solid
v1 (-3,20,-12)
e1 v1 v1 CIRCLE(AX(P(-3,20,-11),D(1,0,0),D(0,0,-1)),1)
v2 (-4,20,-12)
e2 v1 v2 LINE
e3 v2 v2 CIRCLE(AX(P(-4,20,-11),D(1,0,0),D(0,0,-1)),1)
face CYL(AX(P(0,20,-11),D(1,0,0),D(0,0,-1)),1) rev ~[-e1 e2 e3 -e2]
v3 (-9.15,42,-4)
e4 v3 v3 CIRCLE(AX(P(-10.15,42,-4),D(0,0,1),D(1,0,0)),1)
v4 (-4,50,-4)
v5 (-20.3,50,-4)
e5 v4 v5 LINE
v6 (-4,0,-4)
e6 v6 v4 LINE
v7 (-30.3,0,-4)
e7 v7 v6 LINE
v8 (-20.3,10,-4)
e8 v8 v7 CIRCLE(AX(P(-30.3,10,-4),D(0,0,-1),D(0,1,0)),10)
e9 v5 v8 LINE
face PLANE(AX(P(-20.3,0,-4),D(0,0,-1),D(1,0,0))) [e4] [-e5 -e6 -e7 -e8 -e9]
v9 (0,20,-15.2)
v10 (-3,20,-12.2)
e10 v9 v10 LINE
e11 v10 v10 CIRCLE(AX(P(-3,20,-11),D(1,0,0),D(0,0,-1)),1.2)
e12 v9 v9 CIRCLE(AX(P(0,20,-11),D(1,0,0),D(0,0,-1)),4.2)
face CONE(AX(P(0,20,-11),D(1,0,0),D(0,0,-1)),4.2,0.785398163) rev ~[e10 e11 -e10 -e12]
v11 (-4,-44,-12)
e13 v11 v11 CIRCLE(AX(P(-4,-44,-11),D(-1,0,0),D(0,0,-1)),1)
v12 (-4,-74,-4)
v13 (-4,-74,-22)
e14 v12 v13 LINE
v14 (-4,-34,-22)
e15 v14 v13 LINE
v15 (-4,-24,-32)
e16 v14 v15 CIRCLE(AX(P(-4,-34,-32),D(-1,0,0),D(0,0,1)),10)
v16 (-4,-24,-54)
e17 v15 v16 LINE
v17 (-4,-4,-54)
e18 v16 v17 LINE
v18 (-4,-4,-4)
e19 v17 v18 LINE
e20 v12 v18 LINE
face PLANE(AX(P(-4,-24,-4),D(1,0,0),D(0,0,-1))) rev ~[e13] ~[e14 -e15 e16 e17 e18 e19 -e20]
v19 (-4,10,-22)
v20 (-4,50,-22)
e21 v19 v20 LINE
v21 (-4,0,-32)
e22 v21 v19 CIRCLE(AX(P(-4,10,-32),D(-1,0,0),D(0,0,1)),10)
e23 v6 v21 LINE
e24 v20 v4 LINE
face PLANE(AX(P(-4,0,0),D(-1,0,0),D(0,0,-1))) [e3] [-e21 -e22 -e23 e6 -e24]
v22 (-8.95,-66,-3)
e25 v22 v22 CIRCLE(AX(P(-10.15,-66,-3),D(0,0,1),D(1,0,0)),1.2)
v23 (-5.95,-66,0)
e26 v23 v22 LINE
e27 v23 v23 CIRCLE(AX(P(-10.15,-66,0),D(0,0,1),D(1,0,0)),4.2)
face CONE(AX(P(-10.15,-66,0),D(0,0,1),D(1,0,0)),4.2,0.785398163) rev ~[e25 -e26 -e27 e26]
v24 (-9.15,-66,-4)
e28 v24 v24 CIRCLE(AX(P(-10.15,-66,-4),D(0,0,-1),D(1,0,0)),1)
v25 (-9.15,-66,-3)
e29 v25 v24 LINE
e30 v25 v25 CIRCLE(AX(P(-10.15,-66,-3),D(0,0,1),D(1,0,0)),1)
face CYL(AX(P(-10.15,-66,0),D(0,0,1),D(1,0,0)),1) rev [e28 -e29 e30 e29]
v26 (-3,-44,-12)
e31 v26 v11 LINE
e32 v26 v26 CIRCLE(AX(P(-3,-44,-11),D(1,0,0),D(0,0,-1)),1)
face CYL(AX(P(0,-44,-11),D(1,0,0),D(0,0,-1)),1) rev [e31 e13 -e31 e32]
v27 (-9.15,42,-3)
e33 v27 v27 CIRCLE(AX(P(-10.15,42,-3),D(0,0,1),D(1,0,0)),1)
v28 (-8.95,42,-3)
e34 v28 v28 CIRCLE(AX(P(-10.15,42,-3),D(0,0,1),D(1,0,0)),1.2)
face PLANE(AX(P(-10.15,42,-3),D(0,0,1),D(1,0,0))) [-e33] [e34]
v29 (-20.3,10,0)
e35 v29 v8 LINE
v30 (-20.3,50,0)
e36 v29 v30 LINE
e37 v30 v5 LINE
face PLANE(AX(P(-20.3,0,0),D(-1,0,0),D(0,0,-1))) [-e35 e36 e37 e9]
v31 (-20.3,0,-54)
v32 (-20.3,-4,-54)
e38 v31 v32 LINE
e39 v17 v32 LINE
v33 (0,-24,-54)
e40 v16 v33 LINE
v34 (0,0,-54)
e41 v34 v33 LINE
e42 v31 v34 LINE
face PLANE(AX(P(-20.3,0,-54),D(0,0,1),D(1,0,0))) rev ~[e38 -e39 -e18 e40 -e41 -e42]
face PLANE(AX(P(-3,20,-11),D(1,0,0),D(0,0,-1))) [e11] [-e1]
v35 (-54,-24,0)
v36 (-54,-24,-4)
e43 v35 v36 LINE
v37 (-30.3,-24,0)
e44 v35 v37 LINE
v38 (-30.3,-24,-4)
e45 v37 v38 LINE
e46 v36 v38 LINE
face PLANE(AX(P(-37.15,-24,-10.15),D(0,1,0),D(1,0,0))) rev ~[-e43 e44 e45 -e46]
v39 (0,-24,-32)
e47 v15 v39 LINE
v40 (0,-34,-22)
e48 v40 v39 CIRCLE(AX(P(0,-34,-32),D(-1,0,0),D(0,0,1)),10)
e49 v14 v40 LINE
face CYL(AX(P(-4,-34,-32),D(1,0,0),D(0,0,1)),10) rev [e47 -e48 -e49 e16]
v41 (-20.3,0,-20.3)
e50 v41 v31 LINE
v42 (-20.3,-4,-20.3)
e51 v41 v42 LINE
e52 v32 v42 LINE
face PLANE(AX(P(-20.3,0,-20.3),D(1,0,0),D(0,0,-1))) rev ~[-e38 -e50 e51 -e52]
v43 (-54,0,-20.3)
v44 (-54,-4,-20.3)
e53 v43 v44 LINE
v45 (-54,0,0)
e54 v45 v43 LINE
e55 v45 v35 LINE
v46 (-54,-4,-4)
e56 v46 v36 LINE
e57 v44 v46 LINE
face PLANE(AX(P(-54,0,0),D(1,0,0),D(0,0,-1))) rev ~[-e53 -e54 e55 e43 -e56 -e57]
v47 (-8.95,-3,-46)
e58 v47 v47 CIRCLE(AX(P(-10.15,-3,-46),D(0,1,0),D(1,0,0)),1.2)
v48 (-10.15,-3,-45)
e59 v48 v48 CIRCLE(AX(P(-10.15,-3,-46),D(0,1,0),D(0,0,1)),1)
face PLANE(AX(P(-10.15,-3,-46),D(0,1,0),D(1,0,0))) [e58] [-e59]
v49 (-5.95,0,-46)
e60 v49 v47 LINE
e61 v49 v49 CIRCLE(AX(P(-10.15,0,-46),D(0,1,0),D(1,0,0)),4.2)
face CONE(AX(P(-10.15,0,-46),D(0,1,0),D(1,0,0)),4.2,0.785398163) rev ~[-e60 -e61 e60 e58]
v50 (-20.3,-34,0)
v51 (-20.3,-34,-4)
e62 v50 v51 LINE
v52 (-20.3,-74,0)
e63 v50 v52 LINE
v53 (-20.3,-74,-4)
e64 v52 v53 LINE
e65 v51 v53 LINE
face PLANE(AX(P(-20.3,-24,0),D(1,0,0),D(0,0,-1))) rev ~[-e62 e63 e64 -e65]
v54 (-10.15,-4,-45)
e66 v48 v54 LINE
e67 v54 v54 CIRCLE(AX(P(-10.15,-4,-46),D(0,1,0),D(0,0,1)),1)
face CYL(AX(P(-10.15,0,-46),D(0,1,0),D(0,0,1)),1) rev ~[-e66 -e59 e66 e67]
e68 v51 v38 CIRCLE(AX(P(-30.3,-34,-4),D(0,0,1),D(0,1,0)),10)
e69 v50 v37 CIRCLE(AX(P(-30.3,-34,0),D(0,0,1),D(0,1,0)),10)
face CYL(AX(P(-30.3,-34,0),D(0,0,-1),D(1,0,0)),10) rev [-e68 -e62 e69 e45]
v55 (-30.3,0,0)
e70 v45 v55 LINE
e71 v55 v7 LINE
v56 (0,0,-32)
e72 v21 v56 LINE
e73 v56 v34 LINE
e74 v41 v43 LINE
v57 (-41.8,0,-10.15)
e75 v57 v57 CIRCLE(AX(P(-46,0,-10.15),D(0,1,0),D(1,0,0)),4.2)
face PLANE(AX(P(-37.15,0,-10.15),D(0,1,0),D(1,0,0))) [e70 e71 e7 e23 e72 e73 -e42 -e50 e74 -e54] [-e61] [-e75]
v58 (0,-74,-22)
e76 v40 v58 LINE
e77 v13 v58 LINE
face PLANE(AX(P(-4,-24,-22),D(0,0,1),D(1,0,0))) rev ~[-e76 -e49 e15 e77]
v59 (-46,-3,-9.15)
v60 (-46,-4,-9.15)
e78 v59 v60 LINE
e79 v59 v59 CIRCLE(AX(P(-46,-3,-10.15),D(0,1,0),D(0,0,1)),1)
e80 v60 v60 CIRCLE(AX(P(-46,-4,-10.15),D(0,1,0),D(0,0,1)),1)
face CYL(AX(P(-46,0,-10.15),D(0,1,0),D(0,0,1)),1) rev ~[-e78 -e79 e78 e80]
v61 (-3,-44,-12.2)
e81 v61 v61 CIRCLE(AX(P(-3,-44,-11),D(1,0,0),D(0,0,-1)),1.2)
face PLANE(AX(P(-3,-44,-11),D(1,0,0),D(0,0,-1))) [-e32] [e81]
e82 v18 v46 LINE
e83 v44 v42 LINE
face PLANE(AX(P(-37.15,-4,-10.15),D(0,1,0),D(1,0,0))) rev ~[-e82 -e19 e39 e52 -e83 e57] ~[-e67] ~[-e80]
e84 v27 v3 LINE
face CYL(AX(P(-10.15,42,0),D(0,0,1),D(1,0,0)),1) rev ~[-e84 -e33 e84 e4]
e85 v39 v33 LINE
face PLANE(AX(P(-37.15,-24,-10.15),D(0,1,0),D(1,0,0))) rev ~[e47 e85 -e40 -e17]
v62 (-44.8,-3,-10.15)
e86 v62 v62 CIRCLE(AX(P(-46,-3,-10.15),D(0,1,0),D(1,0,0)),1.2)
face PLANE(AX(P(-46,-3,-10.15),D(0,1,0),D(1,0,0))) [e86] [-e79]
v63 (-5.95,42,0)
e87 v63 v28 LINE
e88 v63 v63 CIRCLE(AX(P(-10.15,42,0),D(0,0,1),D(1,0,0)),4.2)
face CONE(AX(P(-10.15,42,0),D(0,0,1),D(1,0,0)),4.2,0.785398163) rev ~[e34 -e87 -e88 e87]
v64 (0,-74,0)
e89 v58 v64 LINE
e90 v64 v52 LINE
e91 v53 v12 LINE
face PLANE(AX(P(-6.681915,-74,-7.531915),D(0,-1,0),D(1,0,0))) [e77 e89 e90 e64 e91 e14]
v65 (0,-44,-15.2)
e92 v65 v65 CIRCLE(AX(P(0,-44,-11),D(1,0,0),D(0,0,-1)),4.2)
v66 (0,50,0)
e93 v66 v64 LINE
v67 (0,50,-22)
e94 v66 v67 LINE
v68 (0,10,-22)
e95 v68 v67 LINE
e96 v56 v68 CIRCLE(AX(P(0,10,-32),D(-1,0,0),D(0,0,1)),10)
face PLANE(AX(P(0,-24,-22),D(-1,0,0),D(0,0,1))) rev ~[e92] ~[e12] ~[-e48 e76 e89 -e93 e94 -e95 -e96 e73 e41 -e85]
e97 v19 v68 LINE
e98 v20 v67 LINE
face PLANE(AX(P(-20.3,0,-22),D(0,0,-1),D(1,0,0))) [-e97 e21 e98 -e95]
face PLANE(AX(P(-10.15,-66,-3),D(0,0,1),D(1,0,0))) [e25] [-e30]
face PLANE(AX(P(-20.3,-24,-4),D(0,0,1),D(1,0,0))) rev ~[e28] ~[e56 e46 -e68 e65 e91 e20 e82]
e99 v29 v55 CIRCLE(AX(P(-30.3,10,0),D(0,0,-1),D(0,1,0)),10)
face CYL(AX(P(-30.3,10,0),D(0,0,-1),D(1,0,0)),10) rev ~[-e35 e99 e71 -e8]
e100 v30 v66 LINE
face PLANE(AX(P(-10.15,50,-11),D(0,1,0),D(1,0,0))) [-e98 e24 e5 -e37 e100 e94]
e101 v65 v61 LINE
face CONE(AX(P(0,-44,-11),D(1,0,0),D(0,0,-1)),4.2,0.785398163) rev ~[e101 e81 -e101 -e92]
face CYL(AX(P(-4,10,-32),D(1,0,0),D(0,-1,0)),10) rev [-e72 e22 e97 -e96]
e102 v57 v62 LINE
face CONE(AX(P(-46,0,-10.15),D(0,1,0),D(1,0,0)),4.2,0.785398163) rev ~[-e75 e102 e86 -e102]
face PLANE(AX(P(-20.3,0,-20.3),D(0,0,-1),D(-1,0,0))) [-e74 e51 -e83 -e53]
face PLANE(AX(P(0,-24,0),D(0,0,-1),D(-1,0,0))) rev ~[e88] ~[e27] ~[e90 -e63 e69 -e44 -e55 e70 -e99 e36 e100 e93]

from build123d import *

# Parameters (mm, degrees)
SKETCH1_W                    = 33.7
SKETCH1_H                    = 20.3
SKETCH1_W_2                  = 20.3
SKETCH1_H_2                  = 33.7
BOSS_EXTRUDE1_DEPTH          = 24
SHELL1_T                     = -4
SKETCH2_R                    = 1
CUT_EXTRUDE1_DEPTH           = 24
SKETCH3_R                    = 4.2
CUT_EXTRUDE2_DEPTH           = 3
CUT_EXTRUDE2_DRAFT           = -45
CUT_EXTRUDE2_PROFILE_2_DEPTH = 3
CUT_EXTRUDE2_PROFILE_2_DRAFT = -45
SKETCH4_W                    = 20.3
SKETCH4_H                    = 22
BOSS_EXTRUDE2_DEPTH          = 50
SHELL2_T                     = -4
CUT_EXTRUDE3_REACH           = 93.28
SKETCH5_R                    = 1
SKETCH6_R                    = 4.2
CUT_EXTRUDE4_DEPTH           = 3
CUT_EXTRUDE4_DRAFT           = -45
CUT_EXTRUDE5_REACH           = 93.28
SKETCH7_R                    = 1
SKETCH8_R                    = 4.2
CUT_EXTRUDE6_DEPTH           = 3
CUT_EXTRUDE6_DRAFT           = -45
FILLET1_R                    = 10
BOSS_EXTRUDE3_DEPTH          = 50
MIRROR4_COPY_1_SKETCH_R      = 4.2
MIRROR4_COPY_1_DEPTH         = 3
MIRROR4_COPY_1_DRAFT         = -45
MIRROR4_COPY_2_SKETCH_R      = 4.2
MIRROR4_COPY_2_DEPTH         = 3
MIRROR4_COPY_2_DRAFT         = -45
FILLET2_R                    = 10


with BuildPart() as part:
    # Sketch1 → Boss-Extrude1 (new body)
    with BuildSketch(Plane(origin=(0, 0, 0), x_dir=(1, 0, 0), z_dir=(0, 1, 0))):
        with Locations((-37.15, 10.15)):
            Rectangle(SKETCH1_W, SKETCH1_H)
        with Locations((-10.15, 10.15)):
            Rectangle(SKETCH1_W_2, SKETCH1_H)
        with Locations((-10.15, 37.15)):
            Rectangle(SKETCH1_W_2, SKETCH1_H_2)
    extrude(amount=-BOSS_EXTRUDE1_DEPTH)

    # Shell1
    shell1_openings = [part.faces().sort_by_distance(p)[0] for p in [
        (-53.236324676, -24, -10.15),
        (-54, -12, -10.15),
        (-37.15, -12, -20.3),
        (-20.3, -12, -37.15),
        (-10.15, -12, -54),
    ]]
    offset(amount=SHELL1_T, openings=shell1_openings, kind=Kind.INTERSECTION)

    # Sketch2 → Cut-Extrude1 (cut)
    with BuildSketch(Plane(origin=(0, 0, 0), x_dir=(1, 0, 0), z_dir=(0, 1, 0))):
        with Locations(Location((-10.15, 46, 0), (0, 0, 270))):
            Circle(SKETCH2_R)
        with Locations(Location((-46, 10.15, 0), (0, 0, 270))):
            Circle(SKETCH2_R)
    extrude(amount=-CUT_EXTRUDE1_DEPTH, mode=Mode.SUBTRACT)


with BuildPart() as cut_extrude2_tool:
    # Sketch3 → Cut-Extrude2 (with draft: the straight prism first)
    with BuildSketch(Plane(origin=(0, 0, 0), x_dir=(1, 0, 0), z_dir=(0, 1, 0))):
        with Locations((-46, 10.15)):
            Circle(SKETCH3_R)
    extrude(amount=-CUT_EXTRUDE2_DEPTH)
    # Cut-Extrude2: the draft: its side faces are tilted about the plane it starts from
    cut_extrude2_sides = [cut_extrude2_tool.faces().sort_by_distance(p)[0] for p in [
        (-50.2, -1.5, -10.15),
    ]]
    draft(cut_extrude2_sides, Plane(origin=(0, 0, 0), x_dir=(1, 0, 0), z_dir=(0, 1, 0)), CUT_EXTRUDE2_DRAFT)


with BuildPart() as part_1:
    add(part.part)

    # Cut-Extrude2: cut by cut_extrude2_tool
    add(cut_extrude2_tool.part, mode=Mode.SUBTRACT)


with BuildPart() as cut_extrude2_profile_2_tool:
    # Sketch3 → Cut-Extrude2 profile 2 (with draft: the straight prism first)
    with BuildSketch(Plane(origin=(0, 0, 0), x_dir=(1, 0, 0), z_dir=(0, 1, 0))):
        with Locations((-10.15, 46)):
            Circle(SKETCH3_R)
    extrude(amount=-CUT_EXTRUDE2_PROFILE_2_DEPTH)
    # Cut-Extrude2 profile 2: the draft: its side faces are tilted about the plane it starts from
    cut_extrude2_profile_2_sides = [cut_extrude2_profile_2_tool.faces().sort_by_distance(p)[0] for p in [
        (-14.35, -1.5, -46),
    ]]
    draft(cut_extrude2_profile_2_sides, Plane(origin=(0, 0, 0), x_dir=(1, 0, 0), z_dir=(0, 1, 0)), CUT_EXTRUDE2_PROFILE_2_DRAFT)


with BuildPart() as part_2:
    add(part_1.part)

    # Cut-Extrude2 profile 2: cut by cut_extrude2_profile_2_tool
    add(cut_extrude2_profile_2_tool.part, mode=Mode.SUBTRACT)


with BuildPart() as body_2:
    # Sketch4 → Boss-Extrude2 (new body)
    with BuildSketch(Plane(origin=(0, 0, 0), x_dir=(1, 0, 0), z_dir=(0, 1, 0))):
        with Locations((-10.15, 11)):
            Rectangle(SKETCH4_W, SKETCH4_H)
    extrude(amount=BOSS_EXTRUDE2_DEPTH)

    # Shell2
    shell2_openings = [body_2.faces().sort_by_distance(p)[0] for p in [
        (-10.15, 50, -11),
        (-10.15, 0, -11),
        (-20.3, 25, -11),
        (-10.15, 25, -22),
    ]]
    offset(amount=SHELL2_T, openings=shell2_openings, kind=Kind.INTERSECTION)


with BuildPart() as part_3:
    add(part_2.part)

    # Combine1: union body 2
    add(body_2.part)

    # Sketch5 → Cut-Extrude3 (cut, up to next)
    with BuildSketch(Plane.XY, mode=Mode.PRIVATE) as cut_extrude3_sk1:
        with Locations((-10.15, 42)):
            Circle(SKETCH5_R)
    cut_extrude3_tool1 = extrude(cut_extrude3_sk1.sketch, amount=-CUT_EXTRUDE3_REACH, mode=Mode.PRIVATE) & part_3.part
    cut_extrude3 = cut_extrude3_tool1.solids().sort_by_distance((-10.15, 42, 0))[0]
    add(cut_extrude3, mode=Mode.SUBTRACT)


with BuildPart() as cut_extrude4_tool:
    # Sketch6 → Cut-Extrude4 (with draft: the straight prism first)
    with BuildSketch(Plane.XY):
        with Locations((-10.15, 42)):
            Circle(SKETCH6_R)
    extrude(amount=-CUT_EXTRUDE4_DEPTH)
    # Cut-Extrude4: the draft: its side faces are tilted about the plane it starts from
    cut_extrude4_sides = [cut_extrude4_tool.faces().sort_by_distance(p)[0] for p in [
        (-14.35, 42, -1.5),
    ]]
    draft(cut_extrude4_sides, Plane.XY, CUT_EXTRUDE4_DRAFT)


with BuildPart() as part_4:
    add(part_3.part)

    # Cut-Extrude4: cut by cut_extrude4_tool
    add(cut_extrude4_tool.part, mode=Mode.SUBTRACT)

    # Sketch7 → Cut-Extrude5 (cut, up to next)
    with BuildSketch(Plane(origin=(0, 0, 0), x_dir=(0, 0, -1), z_dir=(1, 0, 0)), mode=Mode.PRIVATE) as cut_extrude5_sk1:
        with Locations((11, 20)):
            Circle(SKETCH7_R)
    cut_extrude5_tool1 = extrude(cut_extrude5_sk1.sketch, amount=-CUT_EXTRUDE5_REACH, mode=Mode.PRIVATE) & part_4.part
    cut_extrude5 = cut_extrude5_tool1.solids().sort_by_distance((0, 20, -11))[0]
    add(cut_extrude5, mode=Mode.SUBTRACT)


with BuildPart() as cut_extrude6_tool:
    # Sketch8 → Cut-Extrude6 (with draft: the straight prism first)
    with BuildSketch(Plane(origin=(0, 0, 0), x_dir=(0, 0, -1), z_dir=(1, 0, 0))):
        with Locations((11, 20)):
            Circle(SKETCH8_R)
    extrude(amount=-CUT_EXTRUDE6_DEPTH)
    # Cut-Extrude6: the draft: its side faces are tilted about the plane it starts from
    cut_extrude6_sides = [cut_extrude6_tool.faces().sort_by_distance(p)[0] for p in [
        (-1.5, 20, -6.8),
    ]]
    draft(cut_extrude6_sides, Plane(origin=(0, 0, 0), x_dir=(0, 0, -1), z_dir=(1, 0, 0)), CUT_EXTRUDE6_DRAFT)


with BuildPart() as part_5:
    add(part_4.part)

    # Cut-Extrude6: cut by cut_extrude6_tool
    add(cut_extrude6_tool.part, mode=Mode.SUBTRACT)

    # Fillet1
    fillet1_edges = [part_5.edges().sort_by_distance(p)[0] for p in [
        (-2, 0, -22),
        (-20.3, 0, -2),
    ]]
    fillet(fillet1_edges, radius=FILLET1_R)

    # Sketch9 → Boss-Extrude3 (add)
    with BuildSketch(Plane.XZ.offset(24)):
        Polygon((-4, -4), (-4, -22), (0, -22), (0, 0), (-20.3, 0), (-20.3, -4), align=None)
    extrude(amount=BOSS_EXTRUDE3_DEPTH)

    # Mirror4: Cut-Extrude3, Cut-Extrude5 across plane
    add(cut_extrude3.mirror(Plane(origin=(0, -12, 0), x_dir=(0, 0, 1), z_dir=(0, -1, 0))), mode=Mode.SUBTRACT)
    add(cut_extrude5.mirror(Plane(origin=(0, -12, 0), x_dir=(0, 0, 1), z_dir=(0, -1, 0))), mode=Mode.SUBTRACT)


with BuildPart() as mirror4_copy_1_tool:
    # Mirror4 copy 1 sketch → Mirror4 copy 1 (with draft: the straight prism first)
    with BuildSketch(Plane(origin=(0, -24, 0), x_dir=(1, 0, 0), z_dir=(0, 0, 1))):
        with Locations((-10.15, -42)):
            Circle(MIRROR4_COPY_1_SKETCH_R)
    extrude(amount=-MIRROR4_COPY_1_DEPTH)
    # Mirror4 copy 1: the draft: its side faces are tilted about the plane it starts from
    mirror4_copy_1_sides = [mirror4_copy_1_tool.faces().sort_by_distance(p)[0] for p in [
        (-14.35, -66, -1.5),
    ]]
    draft(mirror4_copy_1_sides, Plane(origin=(0, -24, 0), x_dir=(1, 0, 0), z_dir=(0, 0, 1)), MIRROR4_COPY_1_DRAFT)


with BuildPart() as part_6:
    add(part_5.part)

    # Mirror4 copy 1: cut by mirror4_copy_1_tool
    add(mirror4_copy_1_tool.part, mode=Mode.SUBTRACT)


with BuildPart() as mirror4_copy_2_tool:
    # Mirror4 copy 2 sketch → Mirror4 copy 2 (with draft: the straight prism first)
    with BuildSketch(Plane(origin=(0, -24, 0), x_dir=(0, 0, -1), z_dir=(1, 0, 0))):
        with Locations((11, -20)):
            Circle(MIRROR4_COPY_2_SKETCH_R)
    extrude(amount=-MIRROR4_COPY_2_DEPTH)
    # Mirror4 copy 2: the draft: its side faces are tilted about the plane it starts from
    mirror4_copy_2_sides = [mirror4_copy_2_tool.faces().sort_by_distance(p)[0] for p in [
        (-1.5, -44, -6.8),
    ]]
    draft(mirror4_copy_2_sides, Plane(origin=(0, -24, 0), x_dir=(0, 0, -1), z_dir=(1, 0, 0)), MIRROR4_COPY_2_DRAFT)


with BuildPart() as part_7:
    add(part_6.part)

    # Mirror4 copy 2: cut by mirror4_copy_2_tool
    add(mirror4_copy_2_tool.part, mode=Mode.SUBTRACT)

    # Fillet2
    fillet2_edges = [part_7.edges().sort_by_distance(p)[0] for p in [
        (-2, -24, -22),
        (-20.3, -24, -2),
    ]]
    fillet(fillet2_edges, radius=FILLET2_R)


solid = part_7.part
